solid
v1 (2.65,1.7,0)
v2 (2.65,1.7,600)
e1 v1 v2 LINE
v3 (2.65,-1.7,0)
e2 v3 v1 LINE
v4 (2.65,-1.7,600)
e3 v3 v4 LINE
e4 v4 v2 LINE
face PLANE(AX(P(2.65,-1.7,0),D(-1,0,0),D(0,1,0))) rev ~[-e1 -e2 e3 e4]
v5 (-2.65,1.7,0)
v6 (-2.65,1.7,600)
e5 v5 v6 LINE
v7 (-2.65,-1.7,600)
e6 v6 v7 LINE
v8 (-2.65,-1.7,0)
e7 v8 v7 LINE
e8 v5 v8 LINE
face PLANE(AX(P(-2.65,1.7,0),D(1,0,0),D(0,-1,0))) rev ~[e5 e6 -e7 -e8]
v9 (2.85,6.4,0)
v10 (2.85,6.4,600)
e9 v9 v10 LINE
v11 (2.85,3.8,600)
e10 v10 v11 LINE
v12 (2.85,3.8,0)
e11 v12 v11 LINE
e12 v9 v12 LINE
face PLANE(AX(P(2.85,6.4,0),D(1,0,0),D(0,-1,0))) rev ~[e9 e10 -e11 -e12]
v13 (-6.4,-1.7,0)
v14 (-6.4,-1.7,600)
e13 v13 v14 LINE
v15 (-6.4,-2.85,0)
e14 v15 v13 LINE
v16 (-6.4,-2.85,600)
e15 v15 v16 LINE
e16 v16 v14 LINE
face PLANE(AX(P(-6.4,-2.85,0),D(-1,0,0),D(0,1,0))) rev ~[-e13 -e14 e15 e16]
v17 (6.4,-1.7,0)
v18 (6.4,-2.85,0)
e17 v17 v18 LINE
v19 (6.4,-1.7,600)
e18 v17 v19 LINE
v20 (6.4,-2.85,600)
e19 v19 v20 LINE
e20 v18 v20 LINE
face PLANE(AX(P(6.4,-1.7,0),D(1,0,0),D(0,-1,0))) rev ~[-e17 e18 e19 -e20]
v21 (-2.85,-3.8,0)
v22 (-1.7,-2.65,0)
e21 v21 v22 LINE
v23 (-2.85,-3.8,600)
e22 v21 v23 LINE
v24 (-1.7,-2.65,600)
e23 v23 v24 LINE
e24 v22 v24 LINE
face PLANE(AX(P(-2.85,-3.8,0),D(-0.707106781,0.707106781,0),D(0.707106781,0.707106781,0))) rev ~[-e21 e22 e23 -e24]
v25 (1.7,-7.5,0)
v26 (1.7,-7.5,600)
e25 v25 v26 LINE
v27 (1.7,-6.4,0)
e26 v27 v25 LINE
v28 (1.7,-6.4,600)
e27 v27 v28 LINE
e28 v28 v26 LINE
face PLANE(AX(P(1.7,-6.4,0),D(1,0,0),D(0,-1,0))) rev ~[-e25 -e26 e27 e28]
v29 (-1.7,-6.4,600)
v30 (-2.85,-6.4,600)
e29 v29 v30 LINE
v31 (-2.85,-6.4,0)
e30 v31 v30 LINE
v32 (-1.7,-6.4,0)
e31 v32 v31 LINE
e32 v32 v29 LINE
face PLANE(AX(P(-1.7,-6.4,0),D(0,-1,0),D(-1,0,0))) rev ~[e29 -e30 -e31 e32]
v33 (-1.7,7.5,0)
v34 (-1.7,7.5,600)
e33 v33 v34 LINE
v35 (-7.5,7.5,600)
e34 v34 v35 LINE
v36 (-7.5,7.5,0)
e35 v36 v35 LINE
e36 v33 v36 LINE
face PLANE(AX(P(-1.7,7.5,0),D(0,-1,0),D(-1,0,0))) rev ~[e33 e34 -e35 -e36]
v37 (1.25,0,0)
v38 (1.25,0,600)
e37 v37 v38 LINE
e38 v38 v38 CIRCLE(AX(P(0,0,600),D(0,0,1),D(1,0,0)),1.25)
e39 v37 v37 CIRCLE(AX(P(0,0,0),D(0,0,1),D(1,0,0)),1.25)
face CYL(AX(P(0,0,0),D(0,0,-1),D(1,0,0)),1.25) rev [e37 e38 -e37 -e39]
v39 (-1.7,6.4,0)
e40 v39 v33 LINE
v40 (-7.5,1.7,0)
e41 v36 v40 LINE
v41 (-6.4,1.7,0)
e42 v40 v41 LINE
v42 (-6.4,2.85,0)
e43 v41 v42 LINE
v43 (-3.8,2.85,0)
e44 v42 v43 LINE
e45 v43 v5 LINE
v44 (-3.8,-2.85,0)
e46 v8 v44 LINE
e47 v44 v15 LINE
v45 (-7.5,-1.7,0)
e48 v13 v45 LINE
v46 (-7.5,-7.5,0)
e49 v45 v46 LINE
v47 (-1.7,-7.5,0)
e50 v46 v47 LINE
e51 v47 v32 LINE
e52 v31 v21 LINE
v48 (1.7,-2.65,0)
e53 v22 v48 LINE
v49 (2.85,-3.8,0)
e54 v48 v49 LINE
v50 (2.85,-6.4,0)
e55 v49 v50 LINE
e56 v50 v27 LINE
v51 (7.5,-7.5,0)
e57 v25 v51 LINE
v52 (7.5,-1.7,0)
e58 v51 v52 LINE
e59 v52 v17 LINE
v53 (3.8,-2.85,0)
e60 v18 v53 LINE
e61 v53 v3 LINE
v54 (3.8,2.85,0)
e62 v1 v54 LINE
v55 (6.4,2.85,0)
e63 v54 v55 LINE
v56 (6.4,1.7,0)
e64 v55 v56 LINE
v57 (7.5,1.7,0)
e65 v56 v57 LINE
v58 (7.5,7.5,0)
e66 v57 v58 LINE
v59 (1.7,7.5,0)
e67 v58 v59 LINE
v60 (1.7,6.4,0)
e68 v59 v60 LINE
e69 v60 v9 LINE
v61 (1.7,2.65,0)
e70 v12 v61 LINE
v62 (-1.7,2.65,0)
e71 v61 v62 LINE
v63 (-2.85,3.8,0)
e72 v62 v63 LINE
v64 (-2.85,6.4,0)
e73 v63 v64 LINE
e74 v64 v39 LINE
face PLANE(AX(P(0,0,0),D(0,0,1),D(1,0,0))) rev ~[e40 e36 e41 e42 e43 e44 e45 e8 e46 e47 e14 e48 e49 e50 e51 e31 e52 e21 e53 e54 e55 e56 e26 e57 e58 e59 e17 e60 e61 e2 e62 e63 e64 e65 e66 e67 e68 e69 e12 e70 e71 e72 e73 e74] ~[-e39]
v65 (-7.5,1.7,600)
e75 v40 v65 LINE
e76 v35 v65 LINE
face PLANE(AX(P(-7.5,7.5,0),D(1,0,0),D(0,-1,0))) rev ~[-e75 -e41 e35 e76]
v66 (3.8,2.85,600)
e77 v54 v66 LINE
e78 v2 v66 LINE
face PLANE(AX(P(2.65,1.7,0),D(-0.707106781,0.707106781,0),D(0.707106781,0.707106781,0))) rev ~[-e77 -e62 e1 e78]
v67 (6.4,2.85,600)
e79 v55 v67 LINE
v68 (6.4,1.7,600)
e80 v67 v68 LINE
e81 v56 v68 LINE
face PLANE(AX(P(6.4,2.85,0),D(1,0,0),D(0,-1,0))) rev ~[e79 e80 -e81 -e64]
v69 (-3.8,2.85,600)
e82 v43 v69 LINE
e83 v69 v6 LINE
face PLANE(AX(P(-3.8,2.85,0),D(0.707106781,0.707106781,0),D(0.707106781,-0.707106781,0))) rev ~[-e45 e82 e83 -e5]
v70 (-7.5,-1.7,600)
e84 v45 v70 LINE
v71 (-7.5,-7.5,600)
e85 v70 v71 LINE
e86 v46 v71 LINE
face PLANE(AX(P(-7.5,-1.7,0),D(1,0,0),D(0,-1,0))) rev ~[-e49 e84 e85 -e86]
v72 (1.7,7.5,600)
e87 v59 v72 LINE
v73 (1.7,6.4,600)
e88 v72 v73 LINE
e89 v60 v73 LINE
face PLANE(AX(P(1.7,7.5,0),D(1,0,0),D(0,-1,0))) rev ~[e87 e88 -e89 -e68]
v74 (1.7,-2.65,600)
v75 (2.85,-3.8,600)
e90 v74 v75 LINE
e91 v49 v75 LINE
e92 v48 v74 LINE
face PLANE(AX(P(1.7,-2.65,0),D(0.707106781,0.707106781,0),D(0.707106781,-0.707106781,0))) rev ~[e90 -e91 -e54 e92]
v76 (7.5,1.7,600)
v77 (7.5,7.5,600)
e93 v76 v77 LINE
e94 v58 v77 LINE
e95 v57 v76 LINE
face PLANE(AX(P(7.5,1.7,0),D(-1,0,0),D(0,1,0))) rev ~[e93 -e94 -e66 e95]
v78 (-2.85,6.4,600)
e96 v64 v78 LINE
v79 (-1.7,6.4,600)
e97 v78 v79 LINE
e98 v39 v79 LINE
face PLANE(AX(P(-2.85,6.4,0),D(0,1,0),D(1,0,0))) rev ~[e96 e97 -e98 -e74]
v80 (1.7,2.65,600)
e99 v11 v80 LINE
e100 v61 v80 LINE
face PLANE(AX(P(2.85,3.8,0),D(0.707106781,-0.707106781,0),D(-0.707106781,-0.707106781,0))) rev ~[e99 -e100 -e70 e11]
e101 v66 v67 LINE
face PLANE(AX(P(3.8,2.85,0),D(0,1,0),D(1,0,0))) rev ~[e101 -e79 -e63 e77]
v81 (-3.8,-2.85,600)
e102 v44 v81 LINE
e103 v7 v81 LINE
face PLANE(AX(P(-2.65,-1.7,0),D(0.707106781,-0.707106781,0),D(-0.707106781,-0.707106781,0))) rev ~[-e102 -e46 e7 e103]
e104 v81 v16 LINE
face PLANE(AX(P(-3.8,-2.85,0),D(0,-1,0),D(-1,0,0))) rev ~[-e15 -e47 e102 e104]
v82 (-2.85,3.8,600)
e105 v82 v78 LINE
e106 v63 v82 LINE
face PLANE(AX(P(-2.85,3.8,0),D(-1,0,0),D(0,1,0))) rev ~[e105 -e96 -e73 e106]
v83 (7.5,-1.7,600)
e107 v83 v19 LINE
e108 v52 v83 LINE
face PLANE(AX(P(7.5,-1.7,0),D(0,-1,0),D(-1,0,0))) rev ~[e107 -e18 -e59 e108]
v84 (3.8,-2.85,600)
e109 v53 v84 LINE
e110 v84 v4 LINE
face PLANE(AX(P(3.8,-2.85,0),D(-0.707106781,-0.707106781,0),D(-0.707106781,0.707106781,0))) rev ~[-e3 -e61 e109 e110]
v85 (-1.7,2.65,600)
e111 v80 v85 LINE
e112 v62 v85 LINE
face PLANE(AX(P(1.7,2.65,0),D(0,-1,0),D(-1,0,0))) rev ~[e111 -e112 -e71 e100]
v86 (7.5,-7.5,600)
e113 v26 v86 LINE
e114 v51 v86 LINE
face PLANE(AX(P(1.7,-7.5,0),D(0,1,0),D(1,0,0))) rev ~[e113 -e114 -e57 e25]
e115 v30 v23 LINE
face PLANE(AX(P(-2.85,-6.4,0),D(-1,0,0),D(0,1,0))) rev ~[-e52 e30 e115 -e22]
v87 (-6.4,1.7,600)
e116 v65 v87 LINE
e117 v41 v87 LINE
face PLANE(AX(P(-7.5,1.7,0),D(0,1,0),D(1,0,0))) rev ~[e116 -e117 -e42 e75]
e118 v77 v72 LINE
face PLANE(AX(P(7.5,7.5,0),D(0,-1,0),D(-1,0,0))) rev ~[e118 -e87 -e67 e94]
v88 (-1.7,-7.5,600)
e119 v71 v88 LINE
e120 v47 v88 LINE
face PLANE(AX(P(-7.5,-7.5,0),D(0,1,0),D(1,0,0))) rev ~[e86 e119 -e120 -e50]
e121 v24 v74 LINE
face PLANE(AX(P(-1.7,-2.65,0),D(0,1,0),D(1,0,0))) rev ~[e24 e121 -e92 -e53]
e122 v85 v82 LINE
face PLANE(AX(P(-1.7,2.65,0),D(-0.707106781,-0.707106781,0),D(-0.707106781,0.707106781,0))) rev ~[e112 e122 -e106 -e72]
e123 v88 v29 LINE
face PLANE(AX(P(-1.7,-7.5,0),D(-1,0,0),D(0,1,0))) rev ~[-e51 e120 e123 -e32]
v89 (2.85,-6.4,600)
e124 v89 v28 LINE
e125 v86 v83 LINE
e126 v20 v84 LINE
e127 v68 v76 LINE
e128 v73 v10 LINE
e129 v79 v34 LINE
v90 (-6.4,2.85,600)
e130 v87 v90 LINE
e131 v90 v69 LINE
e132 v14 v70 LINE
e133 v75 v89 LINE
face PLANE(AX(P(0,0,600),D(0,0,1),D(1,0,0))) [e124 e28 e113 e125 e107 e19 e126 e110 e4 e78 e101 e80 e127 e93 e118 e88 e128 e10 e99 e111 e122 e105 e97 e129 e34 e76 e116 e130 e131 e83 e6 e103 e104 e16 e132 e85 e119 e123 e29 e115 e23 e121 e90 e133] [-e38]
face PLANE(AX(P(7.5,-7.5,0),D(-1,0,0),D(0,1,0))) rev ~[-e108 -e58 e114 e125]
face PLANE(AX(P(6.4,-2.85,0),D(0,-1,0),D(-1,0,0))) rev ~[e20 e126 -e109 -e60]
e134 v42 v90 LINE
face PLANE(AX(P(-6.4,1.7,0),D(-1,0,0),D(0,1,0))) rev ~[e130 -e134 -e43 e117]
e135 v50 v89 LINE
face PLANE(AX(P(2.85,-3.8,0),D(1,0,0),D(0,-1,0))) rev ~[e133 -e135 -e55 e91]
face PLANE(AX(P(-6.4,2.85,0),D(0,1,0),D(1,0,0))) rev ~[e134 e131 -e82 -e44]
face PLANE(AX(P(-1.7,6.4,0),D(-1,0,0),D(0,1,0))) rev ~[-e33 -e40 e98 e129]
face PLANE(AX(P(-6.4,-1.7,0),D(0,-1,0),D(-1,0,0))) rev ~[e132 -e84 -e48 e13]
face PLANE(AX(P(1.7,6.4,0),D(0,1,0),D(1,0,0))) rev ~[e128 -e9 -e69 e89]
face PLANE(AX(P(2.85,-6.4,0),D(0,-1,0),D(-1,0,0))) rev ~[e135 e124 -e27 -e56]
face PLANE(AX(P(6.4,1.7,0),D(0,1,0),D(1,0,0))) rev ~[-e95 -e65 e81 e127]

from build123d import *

# Parameters (mm, degrees)
SKETCH_2_R      = 1.25
EXTRUDE_1_DEPTH = 600


with BuildPart() as part:
    # ｽｹｯﾁ2 → ﾎﾞｽ - 押し出し1 (new body)
    with BuildSketch(Plane.XY):
        Polygon((1.7, 2.65), (-1.7, 2.65), (-2.85, 3.8), (-2.85, 6.4), (-1.7, 6.4), (-1.7, 7.5), (-7.5, 7.5), (-7.5, 1.7), (-6.4, 1.7), (-6.4, 2.85), (-3.8, 2.85), (-2.65, 1.7), (-2.65, -1.7), (-3.8, -2.85), (-6.4, -2.85), (-6.4, -1.7), (-7.5, -1.7), (-7.5, -7.5), (-1.7, -7.5), (-1.7, -6.4), (-2.85, -6.4), (-2.85, -3.8), (-1.7, -2.65), (1.7, -2.65), (2.85, -3.8), (2.85, -6.4), (1.7, -6.4), (1.7, -7.5), (7.5, -7.5), (7.5, -1.7), (6.4, -1.7), (6.4, -2.85), (3.8, -2.85), (2.65, -1.7), (2.65, 1.7), (3.8, 2.85), (6.4, 2.85), (6.4, 1.7), (7.5, 1.7), (7.5, 7.5), (1.7, 7.5), (1.7, 6.4), (2.85, 6.4), (2.85, 3.8), align=None)
        Circle(SKETCH_2_R, mode=Mode.SUBTRACT)
    extrude(amount=EXTRUDE_1_DEPTH)


solid = part.part
